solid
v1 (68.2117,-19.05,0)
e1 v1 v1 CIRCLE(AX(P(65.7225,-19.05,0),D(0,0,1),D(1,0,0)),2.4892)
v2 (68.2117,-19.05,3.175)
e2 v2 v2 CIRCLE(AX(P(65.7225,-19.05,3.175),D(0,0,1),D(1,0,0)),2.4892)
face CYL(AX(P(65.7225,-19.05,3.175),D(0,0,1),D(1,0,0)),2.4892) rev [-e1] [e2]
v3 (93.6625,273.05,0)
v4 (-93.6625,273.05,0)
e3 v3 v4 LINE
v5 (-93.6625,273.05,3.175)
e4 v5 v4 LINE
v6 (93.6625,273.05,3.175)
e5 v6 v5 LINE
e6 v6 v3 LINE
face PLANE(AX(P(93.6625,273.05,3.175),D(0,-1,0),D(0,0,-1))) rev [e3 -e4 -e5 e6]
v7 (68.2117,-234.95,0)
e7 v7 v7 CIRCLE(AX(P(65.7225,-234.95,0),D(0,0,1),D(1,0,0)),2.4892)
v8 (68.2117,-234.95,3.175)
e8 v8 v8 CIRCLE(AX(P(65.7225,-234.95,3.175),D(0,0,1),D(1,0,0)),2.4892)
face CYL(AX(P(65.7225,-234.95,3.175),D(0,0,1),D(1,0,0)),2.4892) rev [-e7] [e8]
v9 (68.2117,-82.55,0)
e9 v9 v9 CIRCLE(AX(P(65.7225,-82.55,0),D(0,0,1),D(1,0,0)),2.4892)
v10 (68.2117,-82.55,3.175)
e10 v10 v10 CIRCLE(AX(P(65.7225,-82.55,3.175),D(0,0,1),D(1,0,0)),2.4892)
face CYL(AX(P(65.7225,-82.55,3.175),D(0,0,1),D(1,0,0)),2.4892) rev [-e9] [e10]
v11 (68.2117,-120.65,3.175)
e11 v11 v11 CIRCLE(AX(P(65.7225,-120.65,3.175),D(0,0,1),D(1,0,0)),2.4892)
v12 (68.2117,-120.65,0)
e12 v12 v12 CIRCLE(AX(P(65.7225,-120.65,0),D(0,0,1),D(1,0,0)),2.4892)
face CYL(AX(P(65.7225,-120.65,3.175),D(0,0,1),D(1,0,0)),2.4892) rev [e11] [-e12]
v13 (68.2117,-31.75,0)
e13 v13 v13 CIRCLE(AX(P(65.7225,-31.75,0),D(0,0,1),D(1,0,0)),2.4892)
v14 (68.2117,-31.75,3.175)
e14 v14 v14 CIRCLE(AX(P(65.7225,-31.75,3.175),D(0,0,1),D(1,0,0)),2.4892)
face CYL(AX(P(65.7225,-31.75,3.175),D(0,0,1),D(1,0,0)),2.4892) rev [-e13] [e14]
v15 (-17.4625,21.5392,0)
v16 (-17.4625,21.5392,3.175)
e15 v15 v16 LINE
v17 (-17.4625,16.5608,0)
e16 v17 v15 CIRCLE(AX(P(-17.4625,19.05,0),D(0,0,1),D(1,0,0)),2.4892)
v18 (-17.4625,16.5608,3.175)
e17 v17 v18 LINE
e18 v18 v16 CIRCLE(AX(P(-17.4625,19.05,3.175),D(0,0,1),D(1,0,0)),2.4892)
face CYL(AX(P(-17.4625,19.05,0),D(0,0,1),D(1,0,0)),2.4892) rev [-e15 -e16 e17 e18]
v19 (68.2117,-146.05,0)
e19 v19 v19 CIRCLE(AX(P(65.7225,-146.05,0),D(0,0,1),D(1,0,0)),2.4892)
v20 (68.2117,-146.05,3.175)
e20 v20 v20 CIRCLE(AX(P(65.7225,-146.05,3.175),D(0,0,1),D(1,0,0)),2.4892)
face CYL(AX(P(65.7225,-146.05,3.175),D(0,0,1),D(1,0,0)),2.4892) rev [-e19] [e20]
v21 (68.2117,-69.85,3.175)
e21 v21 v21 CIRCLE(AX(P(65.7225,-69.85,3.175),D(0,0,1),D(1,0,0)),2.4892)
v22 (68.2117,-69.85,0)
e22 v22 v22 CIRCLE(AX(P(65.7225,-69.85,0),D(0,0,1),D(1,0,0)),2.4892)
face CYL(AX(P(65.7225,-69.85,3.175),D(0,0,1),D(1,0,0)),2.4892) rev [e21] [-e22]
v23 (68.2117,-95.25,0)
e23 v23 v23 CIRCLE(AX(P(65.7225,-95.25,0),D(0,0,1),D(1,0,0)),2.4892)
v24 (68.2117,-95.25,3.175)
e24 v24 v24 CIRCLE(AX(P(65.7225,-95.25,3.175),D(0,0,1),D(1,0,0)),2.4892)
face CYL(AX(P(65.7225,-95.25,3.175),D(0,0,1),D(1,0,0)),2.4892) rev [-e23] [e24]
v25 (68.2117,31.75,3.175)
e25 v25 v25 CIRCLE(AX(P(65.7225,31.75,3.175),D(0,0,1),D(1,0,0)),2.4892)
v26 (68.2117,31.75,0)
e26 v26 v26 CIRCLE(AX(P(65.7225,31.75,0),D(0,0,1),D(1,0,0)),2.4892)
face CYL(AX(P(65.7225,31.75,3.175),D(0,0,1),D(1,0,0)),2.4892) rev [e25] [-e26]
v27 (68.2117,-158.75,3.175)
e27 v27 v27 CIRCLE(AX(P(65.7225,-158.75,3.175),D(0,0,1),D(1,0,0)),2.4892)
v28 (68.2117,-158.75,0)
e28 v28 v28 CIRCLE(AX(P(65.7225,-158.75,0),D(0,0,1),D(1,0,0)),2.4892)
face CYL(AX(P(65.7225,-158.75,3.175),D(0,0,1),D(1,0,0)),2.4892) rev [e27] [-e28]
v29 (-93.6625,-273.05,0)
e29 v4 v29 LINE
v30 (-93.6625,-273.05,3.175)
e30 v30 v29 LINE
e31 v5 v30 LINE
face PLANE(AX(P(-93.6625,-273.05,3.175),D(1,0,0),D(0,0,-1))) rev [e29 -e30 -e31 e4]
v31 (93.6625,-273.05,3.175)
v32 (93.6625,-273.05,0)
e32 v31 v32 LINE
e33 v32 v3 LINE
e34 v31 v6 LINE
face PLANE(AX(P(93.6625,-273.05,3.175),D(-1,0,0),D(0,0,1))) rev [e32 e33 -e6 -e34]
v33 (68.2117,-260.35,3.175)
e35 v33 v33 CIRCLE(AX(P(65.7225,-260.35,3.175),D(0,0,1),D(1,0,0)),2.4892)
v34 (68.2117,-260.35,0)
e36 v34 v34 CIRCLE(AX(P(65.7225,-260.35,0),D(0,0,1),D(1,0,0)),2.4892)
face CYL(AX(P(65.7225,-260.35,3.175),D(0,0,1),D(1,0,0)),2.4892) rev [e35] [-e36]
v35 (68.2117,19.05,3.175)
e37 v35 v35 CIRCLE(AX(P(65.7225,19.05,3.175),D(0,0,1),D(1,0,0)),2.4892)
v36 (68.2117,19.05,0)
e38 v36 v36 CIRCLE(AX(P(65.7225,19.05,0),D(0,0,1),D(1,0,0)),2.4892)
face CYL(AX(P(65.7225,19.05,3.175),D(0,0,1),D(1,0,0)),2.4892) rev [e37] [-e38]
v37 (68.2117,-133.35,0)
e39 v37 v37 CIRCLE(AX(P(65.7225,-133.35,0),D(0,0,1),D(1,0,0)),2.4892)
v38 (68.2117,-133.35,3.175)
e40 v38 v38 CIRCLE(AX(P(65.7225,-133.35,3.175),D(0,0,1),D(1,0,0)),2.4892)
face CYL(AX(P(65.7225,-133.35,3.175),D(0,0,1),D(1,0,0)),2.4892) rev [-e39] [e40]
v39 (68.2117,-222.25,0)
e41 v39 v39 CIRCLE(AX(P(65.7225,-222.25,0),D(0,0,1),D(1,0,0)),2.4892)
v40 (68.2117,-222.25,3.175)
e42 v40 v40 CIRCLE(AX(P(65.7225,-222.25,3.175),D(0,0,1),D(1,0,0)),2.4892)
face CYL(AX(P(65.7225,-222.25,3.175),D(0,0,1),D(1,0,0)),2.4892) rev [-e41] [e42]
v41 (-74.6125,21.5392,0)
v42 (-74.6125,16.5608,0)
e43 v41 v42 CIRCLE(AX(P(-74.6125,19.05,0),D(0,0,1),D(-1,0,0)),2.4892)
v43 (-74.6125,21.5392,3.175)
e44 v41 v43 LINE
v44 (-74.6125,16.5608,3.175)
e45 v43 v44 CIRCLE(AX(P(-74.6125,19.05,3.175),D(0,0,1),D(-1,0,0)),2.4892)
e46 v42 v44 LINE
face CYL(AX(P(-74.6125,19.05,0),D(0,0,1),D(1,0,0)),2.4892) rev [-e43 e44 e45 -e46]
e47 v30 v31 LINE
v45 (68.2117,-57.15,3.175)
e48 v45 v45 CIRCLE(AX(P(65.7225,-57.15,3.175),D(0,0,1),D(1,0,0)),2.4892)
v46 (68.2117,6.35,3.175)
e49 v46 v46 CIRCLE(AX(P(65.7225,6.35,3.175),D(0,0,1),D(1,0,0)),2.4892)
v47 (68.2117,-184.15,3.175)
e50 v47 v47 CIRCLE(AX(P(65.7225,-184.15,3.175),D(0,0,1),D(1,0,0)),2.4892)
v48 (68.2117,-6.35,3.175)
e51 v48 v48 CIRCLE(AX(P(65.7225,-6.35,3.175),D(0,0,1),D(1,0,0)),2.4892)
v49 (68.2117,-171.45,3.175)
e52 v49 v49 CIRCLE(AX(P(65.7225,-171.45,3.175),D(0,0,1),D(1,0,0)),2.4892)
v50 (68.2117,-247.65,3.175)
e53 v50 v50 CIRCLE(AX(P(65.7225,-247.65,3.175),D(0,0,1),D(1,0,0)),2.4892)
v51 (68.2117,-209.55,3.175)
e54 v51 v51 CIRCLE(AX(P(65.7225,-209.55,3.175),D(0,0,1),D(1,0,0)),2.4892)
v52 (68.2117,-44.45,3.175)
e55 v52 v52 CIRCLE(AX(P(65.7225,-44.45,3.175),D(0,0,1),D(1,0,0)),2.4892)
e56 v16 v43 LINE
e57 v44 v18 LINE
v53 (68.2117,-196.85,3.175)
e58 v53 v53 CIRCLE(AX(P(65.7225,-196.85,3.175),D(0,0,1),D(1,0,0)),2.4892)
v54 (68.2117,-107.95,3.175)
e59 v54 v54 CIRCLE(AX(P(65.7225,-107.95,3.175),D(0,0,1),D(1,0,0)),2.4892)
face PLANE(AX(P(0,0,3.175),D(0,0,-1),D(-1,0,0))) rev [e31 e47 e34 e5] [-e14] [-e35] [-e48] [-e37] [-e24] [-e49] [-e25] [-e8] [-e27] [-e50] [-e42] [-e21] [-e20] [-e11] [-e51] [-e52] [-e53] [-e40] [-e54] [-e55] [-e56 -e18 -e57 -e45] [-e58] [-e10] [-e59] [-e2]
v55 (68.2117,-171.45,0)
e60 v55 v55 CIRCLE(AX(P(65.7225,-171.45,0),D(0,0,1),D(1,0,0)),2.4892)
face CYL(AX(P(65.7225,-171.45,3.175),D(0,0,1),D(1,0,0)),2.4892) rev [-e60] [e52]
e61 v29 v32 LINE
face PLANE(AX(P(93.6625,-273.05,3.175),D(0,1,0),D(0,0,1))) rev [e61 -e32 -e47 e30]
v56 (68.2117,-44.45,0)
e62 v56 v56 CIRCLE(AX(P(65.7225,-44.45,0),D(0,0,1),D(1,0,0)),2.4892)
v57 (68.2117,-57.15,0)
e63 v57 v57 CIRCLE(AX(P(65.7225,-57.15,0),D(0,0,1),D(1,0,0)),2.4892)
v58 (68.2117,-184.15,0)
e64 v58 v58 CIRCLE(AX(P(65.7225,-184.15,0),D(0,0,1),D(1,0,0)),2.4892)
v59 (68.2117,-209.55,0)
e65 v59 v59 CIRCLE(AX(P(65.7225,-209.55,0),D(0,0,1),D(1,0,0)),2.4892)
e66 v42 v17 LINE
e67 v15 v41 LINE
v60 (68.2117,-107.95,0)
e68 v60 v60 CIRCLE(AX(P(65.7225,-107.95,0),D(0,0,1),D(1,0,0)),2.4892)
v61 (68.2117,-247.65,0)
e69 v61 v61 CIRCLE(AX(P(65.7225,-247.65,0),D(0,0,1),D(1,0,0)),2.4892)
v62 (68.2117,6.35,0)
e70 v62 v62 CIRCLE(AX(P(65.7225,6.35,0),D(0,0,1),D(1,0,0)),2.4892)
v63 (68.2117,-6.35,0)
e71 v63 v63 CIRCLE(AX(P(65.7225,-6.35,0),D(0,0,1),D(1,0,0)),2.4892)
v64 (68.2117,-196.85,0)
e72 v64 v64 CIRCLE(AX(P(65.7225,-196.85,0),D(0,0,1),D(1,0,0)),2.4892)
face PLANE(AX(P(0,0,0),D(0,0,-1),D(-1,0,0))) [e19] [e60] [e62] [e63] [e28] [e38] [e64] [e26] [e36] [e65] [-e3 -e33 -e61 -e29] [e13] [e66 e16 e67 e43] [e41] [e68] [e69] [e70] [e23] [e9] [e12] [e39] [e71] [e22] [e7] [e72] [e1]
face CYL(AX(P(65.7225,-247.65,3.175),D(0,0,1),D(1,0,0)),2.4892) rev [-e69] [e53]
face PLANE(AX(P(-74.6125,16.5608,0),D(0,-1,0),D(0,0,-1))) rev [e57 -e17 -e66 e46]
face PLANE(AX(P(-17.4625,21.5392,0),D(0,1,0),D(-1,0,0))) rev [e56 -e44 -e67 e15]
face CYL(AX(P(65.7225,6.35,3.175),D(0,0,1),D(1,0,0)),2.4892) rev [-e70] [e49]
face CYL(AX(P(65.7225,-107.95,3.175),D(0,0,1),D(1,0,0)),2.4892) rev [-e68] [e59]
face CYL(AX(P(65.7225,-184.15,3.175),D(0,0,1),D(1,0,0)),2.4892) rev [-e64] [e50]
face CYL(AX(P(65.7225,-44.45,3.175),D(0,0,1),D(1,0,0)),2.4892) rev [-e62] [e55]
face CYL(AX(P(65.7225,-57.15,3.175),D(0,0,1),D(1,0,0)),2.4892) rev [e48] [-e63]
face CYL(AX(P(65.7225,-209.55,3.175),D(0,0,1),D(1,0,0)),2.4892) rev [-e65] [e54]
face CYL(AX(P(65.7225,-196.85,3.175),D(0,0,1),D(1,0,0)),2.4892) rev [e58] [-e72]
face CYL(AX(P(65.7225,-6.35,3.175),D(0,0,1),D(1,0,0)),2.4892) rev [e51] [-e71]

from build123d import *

# Parameters (mm, degrees)
SKETCH1_W                  = 546.1
SKETCH1_H                  = 187.325
BOSS_EXTRUDE1_DEPTH        = 3.175
CUT_EXTRUDE1_DEPTH         = 289.68503084
F_9_0_196_DIAMETER_HOLE1_D = 4.9784


with BuildPart() as part:
    # Sketch1 → Boss-Extrude1 (new body)
    with BuildSketch(Plane(origin=(0, 0, 0), x_dir=(0, 1, 0), z_dir=(0, 0, 1))):
        Rectangle(SKETCH1_W, SKETCH1_H)
    extrude(amount=BOSS_EXTRUDE1_DEPTH)

    # Sketch2 → Cut-Extrude1 (cut, through all)
    with BuildSketch(Plane.XY.offset(3.175)):
        with BuildLine():
            Line((-74.6125, 16.5608), (-17.4625, 16.5608))
            ThreePointArc((-17.4625, 16.5608), (-14.9733, 19.05), (-17.4625, 21.5392))
            Line((-17.4625, 21.5392), (-74.6125, 21.5392))
            ThreePointArc((-74.6125, 21.5392), (-77.1017, 19.05), (-74.6125, 16.5608))
        make_face()
    extrude(amount=-CUT_EXTRUDE1_DEPTH, mode=Mode.SUBTRACT)

    # #9 (0.196) Diameter Hole1 (through all)
    with Locations(Plane.XY.offset(3.175)):
        with Locations((65.7225, -260.35), (65.7225, -247.65), (65.7225, -234.95), (65.7225, -222.25), (65.7225, -209.55), (65.7225, -196.85), (65.7225, -184.15), (65.7225, -171.45), (65.7225, -158.75), (65.7225, -146.05), (65.7225, -133.35), (65.7225, -120.65), (65.7225, -107.95), (65.7225, -95.25), (65.7225, -82.55), (65.7225, -69.85), (65.7225, -57.15), (65.7225, -44.45), (65.7225, -31.75), (65.7225, -19.05), (65.7225, -6.35), (65.7225, 6.35), (65.7225, 19.05), (65.7225, 31.75)):
            Hole(F_9_0_196_DIAMETER_HOLE1_D / 2)


solid = part.part
